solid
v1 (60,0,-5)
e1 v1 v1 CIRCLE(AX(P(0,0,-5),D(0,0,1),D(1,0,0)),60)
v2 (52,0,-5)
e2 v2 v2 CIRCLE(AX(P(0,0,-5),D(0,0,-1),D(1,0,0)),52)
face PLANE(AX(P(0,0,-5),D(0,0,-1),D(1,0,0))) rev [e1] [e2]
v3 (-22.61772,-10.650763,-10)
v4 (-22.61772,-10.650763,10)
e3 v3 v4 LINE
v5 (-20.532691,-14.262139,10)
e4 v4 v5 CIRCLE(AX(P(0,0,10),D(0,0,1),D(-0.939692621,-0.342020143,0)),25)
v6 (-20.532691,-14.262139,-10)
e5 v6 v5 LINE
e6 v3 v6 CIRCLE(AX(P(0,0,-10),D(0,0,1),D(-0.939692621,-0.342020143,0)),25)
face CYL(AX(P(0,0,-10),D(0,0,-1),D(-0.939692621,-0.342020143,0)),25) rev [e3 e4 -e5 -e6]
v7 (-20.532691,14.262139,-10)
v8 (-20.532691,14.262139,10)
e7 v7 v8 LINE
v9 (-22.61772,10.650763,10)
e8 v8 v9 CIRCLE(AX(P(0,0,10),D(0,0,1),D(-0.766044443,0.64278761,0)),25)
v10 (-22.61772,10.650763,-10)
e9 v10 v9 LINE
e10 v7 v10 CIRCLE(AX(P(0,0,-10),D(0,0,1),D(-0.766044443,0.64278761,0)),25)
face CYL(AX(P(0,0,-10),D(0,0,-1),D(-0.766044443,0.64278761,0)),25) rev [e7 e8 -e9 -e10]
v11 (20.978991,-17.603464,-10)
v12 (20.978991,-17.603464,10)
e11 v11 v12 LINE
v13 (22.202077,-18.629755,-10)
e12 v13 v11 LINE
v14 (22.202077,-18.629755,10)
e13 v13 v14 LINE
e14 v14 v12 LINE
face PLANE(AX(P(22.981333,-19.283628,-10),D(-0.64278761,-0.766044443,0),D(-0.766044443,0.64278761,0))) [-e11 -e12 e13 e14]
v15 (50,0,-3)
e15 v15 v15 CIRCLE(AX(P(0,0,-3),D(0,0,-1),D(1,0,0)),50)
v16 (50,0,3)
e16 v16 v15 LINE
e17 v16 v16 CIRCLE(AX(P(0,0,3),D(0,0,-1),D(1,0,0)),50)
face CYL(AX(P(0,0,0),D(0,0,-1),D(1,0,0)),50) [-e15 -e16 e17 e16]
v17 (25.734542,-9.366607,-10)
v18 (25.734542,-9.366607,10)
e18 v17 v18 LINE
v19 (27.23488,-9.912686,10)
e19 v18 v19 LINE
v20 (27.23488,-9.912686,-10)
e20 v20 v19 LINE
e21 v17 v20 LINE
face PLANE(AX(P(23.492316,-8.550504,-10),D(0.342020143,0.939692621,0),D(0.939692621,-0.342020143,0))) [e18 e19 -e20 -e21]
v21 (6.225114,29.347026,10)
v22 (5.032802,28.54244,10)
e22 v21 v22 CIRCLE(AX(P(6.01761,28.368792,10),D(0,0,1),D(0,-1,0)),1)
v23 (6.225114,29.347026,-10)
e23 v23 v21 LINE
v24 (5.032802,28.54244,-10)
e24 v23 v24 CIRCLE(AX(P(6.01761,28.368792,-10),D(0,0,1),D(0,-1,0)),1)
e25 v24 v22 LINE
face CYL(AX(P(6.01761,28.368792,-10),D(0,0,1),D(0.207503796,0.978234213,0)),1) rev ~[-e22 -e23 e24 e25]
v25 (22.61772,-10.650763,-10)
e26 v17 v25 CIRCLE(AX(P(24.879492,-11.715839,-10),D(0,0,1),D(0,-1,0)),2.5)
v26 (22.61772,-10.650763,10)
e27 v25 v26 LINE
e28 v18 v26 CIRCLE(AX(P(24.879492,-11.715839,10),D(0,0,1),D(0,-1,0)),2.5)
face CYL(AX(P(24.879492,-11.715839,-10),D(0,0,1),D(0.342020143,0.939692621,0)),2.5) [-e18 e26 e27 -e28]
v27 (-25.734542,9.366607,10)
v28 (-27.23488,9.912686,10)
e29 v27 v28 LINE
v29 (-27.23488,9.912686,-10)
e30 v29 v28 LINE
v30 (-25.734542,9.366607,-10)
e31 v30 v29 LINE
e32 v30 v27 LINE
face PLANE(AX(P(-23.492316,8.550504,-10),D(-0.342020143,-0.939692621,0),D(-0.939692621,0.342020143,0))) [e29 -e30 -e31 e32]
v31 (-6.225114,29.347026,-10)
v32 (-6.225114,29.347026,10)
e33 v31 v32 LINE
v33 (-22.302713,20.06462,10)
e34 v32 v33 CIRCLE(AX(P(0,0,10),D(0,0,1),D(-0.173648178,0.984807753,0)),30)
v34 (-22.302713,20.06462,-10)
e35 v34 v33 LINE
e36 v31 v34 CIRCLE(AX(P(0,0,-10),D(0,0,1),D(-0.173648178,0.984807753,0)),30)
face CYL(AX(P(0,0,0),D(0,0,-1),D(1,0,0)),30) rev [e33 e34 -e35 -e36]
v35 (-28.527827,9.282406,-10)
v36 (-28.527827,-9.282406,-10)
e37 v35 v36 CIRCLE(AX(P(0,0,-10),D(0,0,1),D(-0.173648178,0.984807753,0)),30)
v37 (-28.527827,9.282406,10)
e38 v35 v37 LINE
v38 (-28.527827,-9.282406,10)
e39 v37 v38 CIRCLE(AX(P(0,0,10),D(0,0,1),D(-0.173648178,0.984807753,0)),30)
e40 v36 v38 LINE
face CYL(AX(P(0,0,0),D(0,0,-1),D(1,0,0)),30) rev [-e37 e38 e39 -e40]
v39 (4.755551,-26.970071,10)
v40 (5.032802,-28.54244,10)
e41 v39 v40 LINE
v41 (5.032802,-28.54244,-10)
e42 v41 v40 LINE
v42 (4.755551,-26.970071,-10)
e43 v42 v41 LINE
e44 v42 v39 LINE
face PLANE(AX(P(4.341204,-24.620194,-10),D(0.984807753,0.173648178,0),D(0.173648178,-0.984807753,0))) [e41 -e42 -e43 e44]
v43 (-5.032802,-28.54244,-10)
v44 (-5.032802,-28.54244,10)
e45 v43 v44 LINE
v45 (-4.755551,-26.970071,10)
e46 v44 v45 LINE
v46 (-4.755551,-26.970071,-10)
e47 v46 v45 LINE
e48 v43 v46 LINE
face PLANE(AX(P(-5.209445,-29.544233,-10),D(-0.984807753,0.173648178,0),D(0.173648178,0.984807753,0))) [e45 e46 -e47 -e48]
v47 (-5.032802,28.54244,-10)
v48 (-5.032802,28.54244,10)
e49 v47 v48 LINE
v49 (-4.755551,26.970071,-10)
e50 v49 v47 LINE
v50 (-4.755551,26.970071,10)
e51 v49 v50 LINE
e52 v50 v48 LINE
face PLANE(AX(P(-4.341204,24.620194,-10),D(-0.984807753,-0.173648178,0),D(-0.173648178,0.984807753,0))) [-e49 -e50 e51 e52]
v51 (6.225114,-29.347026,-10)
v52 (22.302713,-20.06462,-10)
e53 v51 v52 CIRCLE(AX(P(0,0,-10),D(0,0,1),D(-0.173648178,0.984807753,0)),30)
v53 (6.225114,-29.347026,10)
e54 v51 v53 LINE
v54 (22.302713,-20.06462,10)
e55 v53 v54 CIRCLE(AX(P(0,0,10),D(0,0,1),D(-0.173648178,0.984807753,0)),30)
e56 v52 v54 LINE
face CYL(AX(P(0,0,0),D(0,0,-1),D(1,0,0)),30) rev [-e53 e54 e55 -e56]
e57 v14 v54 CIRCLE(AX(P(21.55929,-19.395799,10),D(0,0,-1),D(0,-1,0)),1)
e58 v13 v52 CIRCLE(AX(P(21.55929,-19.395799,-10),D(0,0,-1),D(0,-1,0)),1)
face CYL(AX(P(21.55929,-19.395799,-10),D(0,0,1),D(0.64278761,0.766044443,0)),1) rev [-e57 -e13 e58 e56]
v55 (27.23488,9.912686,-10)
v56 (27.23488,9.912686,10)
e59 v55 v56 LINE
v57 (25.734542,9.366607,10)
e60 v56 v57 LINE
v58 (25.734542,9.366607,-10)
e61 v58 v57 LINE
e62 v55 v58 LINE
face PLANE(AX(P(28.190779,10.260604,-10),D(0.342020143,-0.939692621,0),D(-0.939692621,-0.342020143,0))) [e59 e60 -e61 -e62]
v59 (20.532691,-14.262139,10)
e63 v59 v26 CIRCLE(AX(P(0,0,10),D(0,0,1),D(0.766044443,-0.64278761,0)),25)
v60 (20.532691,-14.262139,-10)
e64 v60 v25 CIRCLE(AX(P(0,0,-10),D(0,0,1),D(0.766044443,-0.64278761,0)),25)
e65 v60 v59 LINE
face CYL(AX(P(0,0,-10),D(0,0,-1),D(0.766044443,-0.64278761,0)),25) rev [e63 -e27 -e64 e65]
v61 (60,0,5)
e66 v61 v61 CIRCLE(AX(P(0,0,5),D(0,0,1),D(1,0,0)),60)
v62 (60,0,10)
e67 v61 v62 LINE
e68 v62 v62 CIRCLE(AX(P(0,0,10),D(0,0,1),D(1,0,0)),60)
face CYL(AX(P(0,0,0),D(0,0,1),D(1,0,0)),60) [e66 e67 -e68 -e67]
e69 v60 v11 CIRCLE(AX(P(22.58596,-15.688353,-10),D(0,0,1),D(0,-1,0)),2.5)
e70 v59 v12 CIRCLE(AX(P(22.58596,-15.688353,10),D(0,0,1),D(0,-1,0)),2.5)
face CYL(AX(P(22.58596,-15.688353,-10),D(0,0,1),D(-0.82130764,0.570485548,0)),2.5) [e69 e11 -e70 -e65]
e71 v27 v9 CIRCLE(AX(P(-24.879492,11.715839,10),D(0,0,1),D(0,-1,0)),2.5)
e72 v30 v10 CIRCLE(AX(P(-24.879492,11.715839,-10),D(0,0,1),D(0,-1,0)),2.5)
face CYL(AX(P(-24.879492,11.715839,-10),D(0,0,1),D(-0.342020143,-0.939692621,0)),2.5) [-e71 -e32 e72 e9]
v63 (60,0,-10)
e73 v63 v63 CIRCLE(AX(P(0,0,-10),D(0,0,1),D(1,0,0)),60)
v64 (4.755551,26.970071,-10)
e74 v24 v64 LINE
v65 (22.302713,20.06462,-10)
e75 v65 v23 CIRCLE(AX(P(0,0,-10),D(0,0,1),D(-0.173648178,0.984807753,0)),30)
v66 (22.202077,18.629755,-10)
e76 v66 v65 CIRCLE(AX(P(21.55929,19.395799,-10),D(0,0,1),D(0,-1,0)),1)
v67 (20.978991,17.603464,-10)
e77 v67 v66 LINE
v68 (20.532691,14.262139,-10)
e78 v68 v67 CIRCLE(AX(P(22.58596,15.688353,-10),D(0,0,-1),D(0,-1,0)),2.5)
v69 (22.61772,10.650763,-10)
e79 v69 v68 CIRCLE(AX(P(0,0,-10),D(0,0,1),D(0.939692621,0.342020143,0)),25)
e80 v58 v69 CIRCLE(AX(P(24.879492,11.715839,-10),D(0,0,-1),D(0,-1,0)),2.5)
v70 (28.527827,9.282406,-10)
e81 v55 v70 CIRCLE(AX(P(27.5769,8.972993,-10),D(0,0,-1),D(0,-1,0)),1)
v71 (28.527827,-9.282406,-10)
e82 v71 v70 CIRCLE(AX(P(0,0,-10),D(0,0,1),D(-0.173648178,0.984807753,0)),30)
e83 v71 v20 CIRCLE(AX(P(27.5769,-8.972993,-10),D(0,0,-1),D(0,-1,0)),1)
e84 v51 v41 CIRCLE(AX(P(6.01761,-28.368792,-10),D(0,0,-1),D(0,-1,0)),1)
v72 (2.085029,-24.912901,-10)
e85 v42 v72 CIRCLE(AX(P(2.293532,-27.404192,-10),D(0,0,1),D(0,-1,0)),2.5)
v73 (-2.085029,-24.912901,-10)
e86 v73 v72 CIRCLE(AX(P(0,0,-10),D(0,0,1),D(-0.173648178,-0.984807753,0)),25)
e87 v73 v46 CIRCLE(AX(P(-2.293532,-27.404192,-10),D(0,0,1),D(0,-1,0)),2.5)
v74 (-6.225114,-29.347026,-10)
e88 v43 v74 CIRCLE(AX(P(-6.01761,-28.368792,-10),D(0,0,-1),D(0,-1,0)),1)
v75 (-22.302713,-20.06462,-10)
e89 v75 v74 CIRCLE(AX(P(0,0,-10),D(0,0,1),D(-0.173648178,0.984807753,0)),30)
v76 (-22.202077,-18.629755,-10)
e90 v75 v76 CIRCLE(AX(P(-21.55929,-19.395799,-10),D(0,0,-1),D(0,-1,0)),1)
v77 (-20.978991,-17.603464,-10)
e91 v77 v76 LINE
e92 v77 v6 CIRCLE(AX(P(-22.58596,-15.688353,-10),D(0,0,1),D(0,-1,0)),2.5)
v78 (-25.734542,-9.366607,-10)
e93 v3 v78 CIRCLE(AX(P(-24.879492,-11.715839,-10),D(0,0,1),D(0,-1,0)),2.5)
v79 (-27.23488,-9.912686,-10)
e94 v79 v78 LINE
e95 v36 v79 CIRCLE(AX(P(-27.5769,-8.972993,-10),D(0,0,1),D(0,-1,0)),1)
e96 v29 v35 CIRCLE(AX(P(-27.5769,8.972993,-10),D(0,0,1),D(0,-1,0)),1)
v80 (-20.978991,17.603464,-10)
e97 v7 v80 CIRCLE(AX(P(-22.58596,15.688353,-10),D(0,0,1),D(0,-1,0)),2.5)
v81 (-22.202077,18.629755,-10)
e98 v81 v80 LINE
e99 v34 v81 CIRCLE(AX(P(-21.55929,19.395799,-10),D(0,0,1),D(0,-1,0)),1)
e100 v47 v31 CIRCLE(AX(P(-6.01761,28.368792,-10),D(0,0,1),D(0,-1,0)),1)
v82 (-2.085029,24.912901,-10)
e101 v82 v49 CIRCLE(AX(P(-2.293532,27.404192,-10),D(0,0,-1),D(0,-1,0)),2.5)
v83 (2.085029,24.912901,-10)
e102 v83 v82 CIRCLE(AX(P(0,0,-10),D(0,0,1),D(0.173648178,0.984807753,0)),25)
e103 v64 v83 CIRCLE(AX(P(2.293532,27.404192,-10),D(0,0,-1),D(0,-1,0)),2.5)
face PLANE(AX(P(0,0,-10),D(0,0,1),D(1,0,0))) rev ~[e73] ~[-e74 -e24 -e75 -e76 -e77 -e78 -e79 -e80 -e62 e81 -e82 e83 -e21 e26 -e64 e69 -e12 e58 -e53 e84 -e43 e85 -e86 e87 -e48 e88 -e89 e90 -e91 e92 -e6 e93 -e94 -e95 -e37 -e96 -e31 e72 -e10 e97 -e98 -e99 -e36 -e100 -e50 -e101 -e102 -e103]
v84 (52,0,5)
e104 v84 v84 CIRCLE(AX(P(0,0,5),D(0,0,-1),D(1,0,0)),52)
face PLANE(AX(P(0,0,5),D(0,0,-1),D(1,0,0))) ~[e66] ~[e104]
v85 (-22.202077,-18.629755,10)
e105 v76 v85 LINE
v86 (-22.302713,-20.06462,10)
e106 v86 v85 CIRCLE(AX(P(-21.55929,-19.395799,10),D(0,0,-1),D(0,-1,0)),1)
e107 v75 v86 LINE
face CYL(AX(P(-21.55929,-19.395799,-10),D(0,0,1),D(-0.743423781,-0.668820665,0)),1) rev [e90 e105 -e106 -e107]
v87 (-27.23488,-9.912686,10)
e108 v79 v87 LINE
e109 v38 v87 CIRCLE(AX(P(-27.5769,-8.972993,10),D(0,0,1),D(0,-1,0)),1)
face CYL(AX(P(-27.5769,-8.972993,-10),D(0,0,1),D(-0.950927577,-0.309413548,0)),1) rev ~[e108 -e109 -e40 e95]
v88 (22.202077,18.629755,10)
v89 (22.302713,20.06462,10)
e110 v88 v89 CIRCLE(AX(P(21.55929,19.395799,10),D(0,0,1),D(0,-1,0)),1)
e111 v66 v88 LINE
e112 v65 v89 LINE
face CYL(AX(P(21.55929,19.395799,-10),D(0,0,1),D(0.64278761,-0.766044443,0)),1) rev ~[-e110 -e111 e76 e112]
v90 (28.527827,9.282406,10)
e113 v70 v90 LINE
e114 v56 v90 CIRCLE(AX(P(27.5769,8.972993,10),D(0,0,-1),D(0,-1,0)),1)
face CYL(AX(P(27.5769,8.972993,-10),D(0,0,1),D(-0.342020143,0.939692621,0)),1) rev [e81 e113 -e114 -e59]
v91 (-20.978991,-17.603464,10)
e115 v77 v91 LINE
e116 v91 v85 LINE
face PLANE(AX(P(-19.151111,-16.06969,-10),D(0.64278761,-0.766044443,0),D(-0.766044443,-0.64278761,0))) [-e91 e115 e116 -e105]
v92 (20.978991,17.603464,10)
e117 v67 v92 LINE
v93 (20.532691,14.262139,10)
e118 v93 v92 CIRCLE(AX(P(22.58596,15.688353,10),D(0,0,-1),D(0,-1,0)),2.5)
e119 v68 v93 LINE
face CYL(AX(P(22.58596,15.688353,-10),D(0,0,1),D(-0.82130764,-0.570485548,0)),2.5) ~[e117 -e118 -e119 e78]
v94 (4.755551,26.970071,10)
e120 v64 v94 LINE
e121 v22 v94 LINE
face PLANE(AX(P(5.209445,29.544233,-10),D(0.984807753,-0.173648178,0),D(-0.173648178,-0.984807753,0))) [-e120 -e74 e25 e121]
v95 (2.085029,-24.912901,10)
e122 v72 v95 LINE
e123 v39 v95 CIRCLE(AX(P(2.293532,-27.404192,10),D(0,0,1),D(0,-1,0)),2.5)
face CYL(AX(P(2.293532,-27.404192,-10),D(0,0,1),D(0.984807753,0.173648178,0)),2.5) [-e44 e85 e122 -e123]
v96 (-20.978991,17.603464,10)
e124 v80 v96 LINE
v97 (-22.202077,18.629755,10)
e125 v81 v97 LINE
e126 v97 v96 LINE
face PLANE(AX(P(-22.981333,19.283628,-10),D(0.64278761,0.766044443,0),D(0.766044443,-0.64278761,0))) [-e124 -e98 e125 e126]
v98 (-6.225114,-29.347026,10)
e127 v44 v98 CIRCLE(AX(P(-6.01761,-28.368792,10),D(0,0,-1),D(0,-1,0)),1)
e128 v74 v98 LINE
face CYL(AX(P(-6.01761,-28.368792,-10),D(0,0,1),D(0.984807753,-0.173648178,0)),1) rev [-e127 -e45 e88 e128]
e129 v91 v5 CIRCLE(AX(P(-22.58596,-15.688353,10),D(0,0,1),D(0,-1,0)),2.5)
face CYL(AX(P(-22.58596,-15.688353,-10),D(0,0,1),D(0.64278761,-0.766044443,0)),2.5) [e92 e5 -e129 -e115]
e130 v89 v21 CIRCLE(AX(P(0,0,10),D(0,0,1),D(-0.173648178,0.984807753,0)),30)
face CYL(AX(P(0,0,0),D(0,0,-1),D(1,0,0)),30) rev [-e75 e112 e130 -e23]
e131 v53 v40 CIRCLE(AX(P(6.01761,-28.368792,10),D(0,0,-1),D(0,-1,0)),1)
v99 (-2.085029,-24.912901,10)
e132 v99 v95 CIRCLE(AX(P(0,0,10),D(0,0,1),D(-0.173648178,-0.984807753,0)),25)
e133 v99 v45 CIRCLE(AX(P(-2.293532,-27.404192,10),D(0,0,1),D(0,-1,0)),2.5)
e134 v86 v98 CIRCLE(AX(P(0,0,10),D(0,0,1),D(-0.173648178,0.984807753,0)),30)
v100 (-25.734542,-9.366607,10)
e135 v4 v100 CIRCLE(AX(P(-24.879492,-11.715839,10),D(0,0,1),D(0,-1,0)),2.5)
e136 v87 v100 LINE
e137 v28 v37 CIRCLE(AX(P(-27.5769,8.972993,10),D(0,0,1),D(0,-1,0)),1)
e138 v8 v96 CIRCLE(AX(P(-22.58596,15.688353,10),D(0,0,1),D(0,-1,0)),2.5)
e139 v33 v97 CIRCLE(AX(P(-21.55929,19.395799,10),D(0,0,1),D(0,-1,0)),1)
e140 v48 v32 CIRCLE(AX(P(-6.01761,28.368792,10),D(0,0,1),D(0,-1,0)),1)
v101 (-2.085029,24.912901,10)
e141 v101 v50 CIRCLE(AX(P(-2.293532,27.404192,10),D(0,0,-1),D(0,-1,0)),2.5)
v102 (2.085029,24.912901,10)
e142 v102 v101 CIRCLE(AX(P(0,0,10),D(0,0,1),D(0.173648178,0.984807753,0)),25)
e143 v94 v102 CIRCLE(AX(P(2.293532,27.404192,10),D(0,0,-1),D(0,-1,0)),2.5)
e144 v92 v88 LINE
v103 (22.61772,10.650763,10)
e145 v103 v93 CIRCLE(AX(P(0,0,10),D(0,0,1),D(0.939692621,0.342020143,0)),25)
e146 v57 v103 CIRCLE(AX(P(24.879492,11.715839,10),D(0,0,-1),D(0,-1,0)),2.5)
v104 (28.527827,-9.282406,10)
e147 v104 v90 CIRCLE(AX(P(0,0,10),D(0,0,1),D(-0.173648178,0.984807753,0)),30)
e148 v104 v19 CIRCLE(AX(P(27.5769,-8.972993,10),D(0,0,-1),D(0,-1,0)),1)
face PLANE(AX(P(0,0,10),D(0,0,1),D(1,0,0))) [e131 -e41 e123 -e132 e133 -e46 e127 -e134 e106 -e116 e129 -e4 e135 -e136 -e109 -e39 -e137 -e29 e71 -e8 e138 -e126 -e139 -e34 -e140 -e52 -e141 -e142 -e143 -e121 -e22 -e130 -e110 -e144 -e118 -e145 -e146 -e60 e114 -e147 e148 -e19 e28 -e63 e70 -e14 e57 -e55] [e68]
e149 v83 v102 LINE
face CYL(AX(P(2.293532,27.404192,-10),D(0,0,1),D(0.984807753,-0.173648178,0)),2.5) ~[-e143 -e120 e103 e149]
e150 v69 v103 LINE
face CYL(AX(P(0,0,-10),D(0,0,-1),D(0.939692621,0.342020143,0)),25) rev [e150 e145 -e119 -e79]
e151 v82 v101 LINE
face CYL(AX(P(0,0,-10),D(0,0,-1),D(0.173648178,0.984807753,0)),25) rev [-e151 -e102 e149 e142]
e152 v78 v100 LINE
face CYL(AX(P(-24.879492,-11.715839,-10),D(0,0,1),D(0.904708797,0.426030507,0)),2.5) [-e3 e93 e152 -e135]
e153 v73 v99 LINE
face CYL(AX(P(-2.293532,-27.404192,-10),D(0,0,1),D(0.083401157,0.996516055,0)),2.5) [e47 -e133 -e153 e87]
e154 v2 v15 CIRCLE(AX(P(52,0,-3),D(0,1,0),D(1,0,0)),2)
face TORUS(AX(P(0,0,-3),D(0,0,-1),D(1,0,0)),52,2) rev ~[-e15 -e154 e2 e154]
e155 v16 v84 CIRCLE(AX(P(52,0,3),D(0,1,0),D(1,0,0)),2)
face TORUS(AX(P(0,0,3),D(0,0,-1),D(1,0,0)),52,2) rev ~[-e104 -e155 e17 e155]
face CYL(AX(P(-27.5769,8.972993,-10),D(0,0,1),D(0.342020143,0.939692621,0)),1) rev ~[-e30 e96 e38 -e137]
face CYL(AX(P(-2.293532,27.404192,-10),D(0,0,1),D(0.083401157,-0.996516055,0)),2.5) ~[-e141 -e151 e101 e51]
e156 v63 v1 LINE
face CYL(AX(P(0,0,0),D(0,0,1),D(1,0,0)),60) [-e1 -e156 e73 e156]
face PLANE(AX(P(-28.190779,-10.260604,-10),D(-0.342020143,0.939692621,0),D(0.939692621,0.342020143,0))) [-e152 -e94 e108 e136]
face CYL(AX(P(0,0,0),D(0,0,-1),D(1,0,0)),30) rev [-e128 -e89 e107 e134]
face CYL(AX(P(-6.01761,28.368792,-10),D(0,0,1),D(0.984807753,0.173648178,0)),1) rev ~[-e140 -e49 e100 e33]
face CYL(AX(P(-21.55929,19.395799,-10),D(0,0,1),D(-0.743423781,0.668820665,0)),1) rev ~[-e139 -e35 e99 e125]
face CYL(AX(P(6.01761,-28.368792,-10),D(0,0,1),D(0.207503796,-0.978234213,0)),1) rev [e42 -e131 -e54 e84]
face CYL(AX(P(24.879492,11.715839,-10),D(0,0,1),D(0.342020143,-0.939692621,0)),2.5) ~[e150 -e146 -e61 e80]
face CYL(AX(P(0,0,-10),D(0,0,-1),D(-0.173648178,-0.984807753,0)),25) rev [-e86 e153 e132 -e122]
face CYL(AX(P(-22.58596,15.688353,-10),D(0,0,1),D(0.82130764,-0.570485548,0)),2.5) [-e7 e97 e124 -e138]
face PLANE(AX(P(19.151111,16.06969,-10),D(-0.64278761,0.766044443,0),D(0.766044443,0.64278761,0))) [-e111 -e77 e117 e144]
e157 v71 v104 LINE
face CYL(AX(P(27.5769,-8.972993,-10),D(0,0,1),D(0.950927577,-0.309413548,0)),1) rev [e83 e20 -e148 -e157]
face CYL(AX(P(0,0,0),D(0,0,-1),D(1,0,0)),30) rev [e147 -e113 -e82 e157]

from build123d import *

# Parameters (mm, degrees)
SKETCH1_R                = 60
SKETCH1_R_2              = 30
BOSS_EXTRUDE1_DEPTH      = 10
SKETCH2_W                = 10
SKETCH2_H                = 20
BOSS_EXTRUDE2_START      = -20
BOSS_EXTRUDE2_DEPTH      = 20
FILLET1_R                = 2.5
FILLET2_R                = 1
CIRPATTERN1_COUNT        = 6
FILLET1_OF_CIRPATTERN1_R = 2.5
FILLET2_OF_CIRPATTERN1_R = 1
FILLET3_R                = 2


with BuildPart() as part:
    # Sketch1 → Boss-Extrude1 (new, symmetric)
    with BuildSketch(Plane.XY):
        Circle(SKETCH1_R)
        Circle(SKETCH1_R_2, mode=Mode.SUBTRACT)
    extrude(amount=BOSS_EXTRUDE1_DEPTH, both=True)

    # Sketch2 → Cut-Revolve1 (revolve, cut)
    with BuildSketch(Plane(origin=(0, 0, 0), x_dir=(0, 0, -1), z_dir=(1, 0, 0)), mode=Mode.PRIVATE) as cut_revolve1_sk:
        with Locations((0, 60)):
            Rectangle(SKETCH2_W, SKETCH2_H)
    revolve(cut_revolve1_sk.sketch.rotate(Axis((0, 0, 1000), (0, 0, -1)), 90), axis=Axis((0, 0, 1000), (0, 0, -1)), mode=Mode.SUBTRACT)

    # Sketch3 → Boss-Extrude2 (add)
    with BuildSketch(Plane.XY.offset(10).offset(BOSS_EXTRUDE2_START)):
        with BuildLine():
            Line((5.20944533, 29.54423259), (4.341204442, 24.620193825))
            ThreePointArc((4.341204442, 24.620193825), (0, 25), (-4.341204442, 24.620193825))
            Line((-4.341204442, 24.620193825), (-5.20944533, 29.54423259))
            ThreePointArc((-5.20944533, 29.54423259), (0, 30), (5.20944533, 29.54423259))
        make_face()
    boss_extrude2 = extrude(amount=BOSS_EXTRUDE2_DEPTH)

    # Fillet1
    fillet1_edges = [part.edges().sort_by_distance(p)[0] for p in [
        (4.341204442, 24.620193825, 0),
        (-4.341204442, 24.620193825, 0),
    ]]
    fillet(fillet1_edges, radius=FILLET1_R)

    # Fillet2
    fillet2_edges = [part.edges().sort_by_distance(p)[0] for p in [
        (-5.20944533, 29.54423259, 0),
        (5.20944533, 29.54423259, 0),
    ]]
    fillet(fillet2_edges, radius=FILLET2_R)

    # CirPattern1: Boss-Extrude2 ×6 about axis
    cirpattern1_axis = Axis((0, 0, 0), (0, 0, 1))
    for i in range(1, CIRPATTERN1_COUNT):
        add(boss_extrude2.rotate(cirpattern1_axis, i * 360 / CIRPATTERN1_COUNT))

    # Fillet1 of CirPattern1
    fillet1_of_cirpattern1_edges = [part.edges().sort_by_distance(p)[0] for p in [
        (-19.151111078, 16.069690242, 0),
        (-23.49231552, 8.550503583, 0),
        (-23.49231552, -8.550503583, 0),
        (-19.151111078, -16.069690242, 0),
        (-4.341204442, -24.620193825, 0),
        (4.341204442, -24.620193825, 0),
        (19.151111078, -16.069690242, 0),
        (23.49231552, -8.550503583, 0),
        (23.49231552, 8.550503583, 0),
        (19.151111078, 16.069690242, 0),
    ]]
    fillet(fillet1_of_cirpattern1_edges, radius=FILLET1_OF_CIRPATTERN1_R)

    # Fillet2 of CirPattern1
    fillet2_of_cirpattern1_edges = [part.edges().sort_by_distance(p)[0] for p in [
        (-28.190778624, 10.2606043, 0),
        (-22.981333294, 19.283628291, 0),
        (-22.981333294, -19.283628291, 0),
        (-28.190778624, -10.2606043, 0),
        (5.20944533, -29.54423259, 0),
        (-5.20944533, -29.54423259, 0),
        (28.190778624, -10.2606043, 0),
        (22.981333294, -19.283628291, 0),
        (22.981333294, 19.283628291, 0),
        (28.190778624, 10.2606043, 0),
    ]]
    fillet(fillet2_of_cirpattern1_edges, radius=FILLET2_OF_CIRPATTERN1_R)

    # Fillet3
    fillet3_edges = [part.edges().sort_by_distance(p)[0] for p in [
        (-50, 0, -5),
        (-50, 0, 5),
    ]]
    fillet(fillet3_edges, radius=FILLET3_R)


solid = part.part
